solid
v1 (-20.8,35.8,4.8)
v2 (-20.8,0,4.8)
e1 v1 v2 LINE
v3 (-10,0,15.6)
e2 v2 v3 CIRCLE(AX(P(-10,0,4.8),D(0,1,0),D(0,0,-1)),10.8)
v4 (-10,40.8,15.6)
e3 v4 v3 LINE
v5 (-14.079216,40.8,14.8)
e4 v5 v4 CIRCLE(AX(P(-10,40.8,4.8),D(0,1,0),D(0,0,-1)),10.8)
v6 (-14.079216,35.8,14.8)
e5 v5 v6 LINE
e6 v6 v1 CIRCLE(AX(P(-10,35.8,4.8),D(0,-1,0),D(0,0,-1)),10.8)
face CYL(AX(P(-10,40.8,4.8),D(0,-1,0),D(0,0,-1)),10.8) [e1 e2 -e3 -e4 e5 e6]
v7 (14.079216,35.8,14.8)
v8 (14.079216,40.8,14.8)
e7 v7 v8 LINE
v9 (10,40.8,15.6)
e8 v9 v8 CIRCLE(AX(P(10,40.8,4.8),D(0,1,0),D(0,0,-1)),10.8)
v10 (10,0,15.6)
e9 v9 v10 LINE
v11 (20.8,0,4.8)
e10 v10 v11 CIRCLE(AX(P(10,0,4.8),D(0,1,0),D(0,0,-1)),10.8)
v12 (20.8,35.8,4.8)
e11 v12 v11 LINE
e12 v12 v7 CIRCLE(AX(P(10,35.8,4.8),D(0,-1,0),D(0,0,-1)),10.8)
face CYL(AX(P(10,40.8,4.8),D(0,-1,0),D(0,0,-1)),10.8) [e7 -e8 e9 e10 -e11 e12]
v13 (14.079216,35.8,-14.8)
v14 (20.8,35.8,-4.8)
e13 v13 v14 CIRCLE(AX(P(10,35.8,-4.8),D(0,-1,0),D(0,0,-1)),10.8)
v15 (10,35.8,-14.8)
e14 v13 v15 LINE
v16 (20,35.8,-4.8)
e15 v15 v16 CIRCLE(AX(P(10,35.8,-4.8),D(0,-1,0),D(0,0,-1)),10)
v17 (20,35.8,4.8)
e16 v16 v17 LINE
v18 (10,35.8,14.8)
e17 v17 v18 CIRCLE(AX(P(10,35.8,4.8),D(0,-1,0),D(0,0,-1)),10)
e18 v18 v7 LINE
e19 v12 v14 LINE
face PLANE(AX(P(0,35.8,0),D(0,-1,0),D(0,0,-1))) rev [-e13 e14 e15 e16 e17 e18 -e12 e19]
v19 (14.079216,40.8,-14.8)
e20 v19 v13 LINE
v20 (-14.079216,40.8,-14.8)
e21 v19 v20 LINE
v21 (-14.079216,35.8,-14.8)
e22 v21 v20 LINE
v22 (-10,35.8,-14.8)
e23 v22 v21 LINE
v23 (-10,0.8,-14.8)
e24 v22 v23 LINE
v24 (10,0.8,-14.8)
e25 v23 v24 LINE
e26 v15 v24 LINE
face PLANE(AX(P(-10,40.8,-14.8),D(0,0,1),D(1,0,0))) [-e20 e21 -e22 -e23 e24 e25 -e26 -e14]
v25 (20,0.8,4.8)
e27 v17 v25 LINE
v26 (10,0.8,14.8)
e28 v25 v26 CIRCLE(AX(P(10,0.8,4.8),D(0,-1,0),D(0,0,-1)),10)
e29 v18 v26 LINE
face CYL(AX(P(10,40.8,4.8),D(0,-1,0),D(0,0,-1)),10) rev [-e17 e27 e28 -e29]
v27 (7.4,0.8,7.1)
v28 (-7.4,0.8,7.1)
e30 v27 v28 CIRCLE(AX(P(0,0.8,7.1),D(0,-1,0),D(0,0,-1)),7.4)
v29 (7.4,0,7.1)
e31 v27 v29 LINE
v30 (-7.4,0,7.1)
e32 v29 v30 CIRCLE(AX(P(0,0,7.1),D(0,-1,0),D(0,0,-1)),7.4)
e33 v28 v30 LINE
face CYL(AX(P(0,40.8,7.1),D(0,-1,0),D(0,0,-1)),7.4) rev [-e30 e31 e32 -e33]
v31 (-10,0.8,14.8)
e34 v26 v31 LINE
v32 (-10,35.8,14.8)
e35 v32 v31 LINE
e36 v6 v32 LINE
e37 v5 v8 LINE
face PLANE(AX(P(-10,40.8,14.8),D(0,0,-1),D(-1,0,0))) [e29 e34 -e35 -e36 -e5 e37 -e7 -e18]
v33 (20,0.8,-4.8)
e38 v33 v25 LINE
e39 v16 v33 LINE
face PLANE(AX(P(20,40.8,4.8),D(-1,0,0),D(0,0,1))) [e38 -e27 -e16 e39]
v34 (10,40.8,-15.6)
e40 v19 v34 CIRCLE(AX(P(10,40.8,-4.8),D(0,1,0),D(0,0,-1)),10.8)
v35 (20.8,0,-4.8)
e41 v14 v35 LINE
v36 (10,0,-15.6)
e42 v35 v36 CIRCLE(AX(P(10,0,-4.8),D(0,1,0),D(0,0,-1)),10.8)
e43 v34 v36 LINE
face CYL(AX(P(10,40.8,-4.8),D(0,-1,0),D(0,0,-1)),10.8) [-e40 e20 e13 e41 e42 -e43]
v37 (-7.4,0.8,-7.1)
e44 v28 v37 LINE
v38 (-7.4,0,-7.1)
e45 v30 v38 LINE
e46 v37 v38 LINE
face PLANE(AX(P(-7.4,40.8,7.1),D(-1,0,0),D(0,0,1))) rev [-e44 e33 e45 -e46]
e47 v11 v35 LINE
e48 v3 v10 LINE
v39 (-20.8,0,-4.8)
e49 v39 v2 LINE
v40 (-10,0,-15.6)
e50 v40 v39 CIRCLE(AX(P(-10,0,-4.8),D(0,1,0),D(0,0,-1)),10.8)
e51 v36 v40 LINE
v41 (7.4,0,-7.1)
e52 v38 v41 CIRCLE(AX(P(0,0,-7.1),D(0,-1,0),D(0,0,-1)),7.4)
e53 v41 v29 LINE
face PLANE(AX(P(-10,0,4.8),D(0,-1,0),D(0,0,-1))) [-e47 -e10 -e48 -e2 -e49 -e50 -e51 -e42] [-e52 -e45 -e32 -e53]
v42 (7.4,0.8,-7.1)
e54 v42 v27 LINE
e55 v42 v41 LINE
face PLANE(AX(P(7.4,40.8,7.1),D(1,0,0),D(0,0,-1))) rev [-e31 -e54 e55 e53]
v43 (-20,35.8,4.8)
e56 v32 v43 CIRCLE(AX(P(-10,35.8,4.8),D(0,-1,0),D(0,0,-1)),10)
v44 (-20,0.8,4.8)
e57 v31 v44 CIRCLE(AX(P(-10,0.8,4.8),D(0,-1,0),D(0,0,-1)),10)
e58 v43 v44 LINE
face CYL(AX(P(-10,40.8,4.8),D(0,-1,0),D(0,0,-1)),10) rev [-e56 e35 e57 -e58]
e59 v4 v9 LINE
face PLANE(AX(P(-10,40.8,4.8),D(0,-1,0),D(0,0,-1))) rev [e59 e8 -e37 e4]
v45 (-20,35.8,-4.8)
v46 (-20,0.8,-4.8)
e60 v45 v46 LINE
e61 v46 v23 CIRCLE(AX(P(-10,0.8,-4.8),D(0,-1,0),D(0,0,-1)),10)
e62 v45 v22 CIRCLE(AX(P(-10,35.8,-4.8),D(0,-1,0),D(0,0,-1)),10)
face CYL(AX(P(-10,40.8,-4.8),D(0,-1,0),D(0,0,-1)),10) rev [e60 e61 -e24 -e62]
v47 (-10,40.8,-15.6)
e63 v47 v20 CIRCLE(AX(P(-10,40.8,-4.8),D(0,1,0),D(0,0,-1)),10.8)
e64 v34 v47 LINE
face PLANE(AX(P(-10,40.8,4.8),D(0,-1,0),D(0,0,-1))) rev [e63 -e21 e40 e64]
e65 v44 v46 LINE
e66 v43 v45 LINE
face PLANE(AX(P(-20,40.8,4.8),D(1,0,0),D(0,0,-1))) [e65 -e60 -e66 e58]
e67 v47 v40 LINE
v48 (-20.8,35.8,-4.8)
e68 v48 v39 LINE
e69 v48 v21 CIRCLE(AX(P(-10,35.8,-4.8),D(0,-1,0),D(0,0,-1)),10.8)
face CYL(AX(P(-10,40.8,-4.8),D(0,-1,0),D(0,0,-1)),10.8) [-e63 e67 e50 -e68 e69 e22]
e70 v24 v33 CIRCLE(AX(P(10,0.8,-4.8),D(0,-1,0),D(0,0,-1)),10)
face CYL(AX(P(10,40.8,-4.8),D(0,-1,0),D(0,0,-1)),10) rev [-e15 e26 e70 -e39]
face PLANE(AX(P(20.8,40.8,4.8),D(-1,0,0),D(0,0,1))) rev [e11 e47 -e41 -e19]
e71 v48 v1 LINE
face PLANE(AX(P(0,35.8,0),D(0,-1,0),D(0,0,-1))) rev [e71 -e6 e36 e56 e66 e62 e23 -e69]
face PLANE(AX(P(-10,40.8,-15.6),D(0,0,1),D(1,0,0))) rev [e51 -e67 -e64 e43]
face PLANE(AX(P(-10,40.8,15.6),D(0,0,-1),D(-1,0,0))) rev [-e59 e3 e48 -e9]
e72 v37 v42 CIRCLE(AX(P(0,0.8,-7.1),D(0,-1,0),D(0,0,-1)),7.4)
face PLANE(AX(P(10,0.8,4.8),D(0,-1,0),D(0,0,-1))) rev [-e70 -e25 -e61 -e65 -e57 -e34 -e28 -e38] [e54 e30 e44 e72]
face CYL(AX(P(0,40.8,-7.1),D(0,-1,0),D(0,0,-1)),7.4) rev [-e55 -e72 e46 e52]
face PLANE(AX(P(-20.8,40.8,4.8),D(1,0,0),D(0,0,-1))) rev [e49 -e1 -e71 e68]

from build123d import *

# Parameters (mm, degrees)
EXTRUDE_1_DEPTH     = 40.8
SKETCH_4_W          = 41.6
SKETCH_4_H          = 29.6
CUT_EXTRUDE_1_DEPTH = 5
EXTRUDE_2_DEPTH     = 0.8
CUT_EXTRUDE_2_DEPTH = 49.380161223


with BuildPart() as part:
    # 草圖1 → 填料-伸長1 (new body)
    with BuildSketch(Plane(origin=(0, 0, 0), x_dir=(1, 0, 0), z_dir=(0, 1, 0))):
        with BuildLine():
            Line((-10, -15.6), (10, -15.6))
            ThreePointArc((10, -15.6), (17.636753237, -12.436753237), (20.8, -4.8))
            Line((20.8, -4.8), (20.8, 4.8))
            ThreePointArc((20.8, 4.8), (17.636753237, 12.436753237), (10, 15.6))
            Line((10, 15.6), (-10, 15.6))
            ThreePointArc((-10, 15.6), (-17.636753237, 12.436753237), (-20.8, 4.8))
            Line((-20.8, 4.8), (-20.8, -4.8))
            ThreePointArc((-20.8, -4.8), (-17.636753237, -12.436753237), (-10, -15.6))
        make_face()
        with BuildLine():
            Line((-10, -14.8), (10, -14.8))
            ThreePointArc((10, -14.8), (17.071067812, -11.871067812), (20, -4.8))
            Line((20, -4.8), (20, 4.8))
            ThreePointArc((20, 4.8), (17.071067812, 11.871067812), (10, 14.8))
            Line((10, 14.8), (-10, 14.8))
            ThreePointArc((-10, 14.8), (-17.071067812, 11.871067812), (-20, 4.8))
            Line((-20, 4.8), (-20, -4.8))
            ThreePointArc((-20, -4.8), (-17.071067812, -11.871067812), (-10, -14.8))
        make_face(mode=Mode.SUBTRACT)
    extrude(amount=EXTRUDE_1_DEPTH)

    # 草圖4 → 除料-伸長1 (cut)
    with BuildSketch(Plane(origin=(0, 40.8, 0), x_dir=(1, 0, 0), z_dir=(0, 1, 0))):
        Rectangle(SKETCH_4_W, SKETCH_4_H)
    extrude(amount=-CUT_EXTRUDE_1_DEPTH, mode=Mode.SUBTRACT)

    # 草圖5 → 填料-伸長2 (add)
    with BuildSketch(Plane.XZ):
        with BuildLine():
            Line((20, 4.8), (20, -4.8))
            ThreePointArc((20, -4.8), (17.071067812, -11.871067812), (10, -14.8))
            Line((10, -14.8), (-10, -14.8))
            ThreePointArc((-10, -14.8), (-17.071067812, -11.871067812), (-20, -4.8))
            Line((-20, -4.8), (-20, 4.8))
            ThreePointArc((-20, 4.8), (-17.071067812, 11.871067812), (-10, 14.8))
            Line((-10, 14.8), (10, 14.8))
            ThreePointArc((10, 14.8), (17.071067812, 11.871067812), (20, 4.8))
        make_face()
    extrude(amount=-EXTRUDE_2_DEPTH)

    # 草圖7 → 除料-伸長2 (cut, through all)
    with BuildSketch(Plane.XZ):
        with BuildLine():
            Line((-7.4, 7.1), (-7.4, -7.1))
            ThreePointArc((-7.4, -7.1), (0, -14.5), (7.4, -7.1))
            Line((7.4, -7.1), (7.4, 7.1))
            ThreePointArc((7.4, 7.1), (0, 14.5), (-7.4, 7.1))
        make_face()
    extrude(amount=-CUT_EXTRUDE_2_DEPTH, mode=Mode.SUBTRACT)


solid = part.part
